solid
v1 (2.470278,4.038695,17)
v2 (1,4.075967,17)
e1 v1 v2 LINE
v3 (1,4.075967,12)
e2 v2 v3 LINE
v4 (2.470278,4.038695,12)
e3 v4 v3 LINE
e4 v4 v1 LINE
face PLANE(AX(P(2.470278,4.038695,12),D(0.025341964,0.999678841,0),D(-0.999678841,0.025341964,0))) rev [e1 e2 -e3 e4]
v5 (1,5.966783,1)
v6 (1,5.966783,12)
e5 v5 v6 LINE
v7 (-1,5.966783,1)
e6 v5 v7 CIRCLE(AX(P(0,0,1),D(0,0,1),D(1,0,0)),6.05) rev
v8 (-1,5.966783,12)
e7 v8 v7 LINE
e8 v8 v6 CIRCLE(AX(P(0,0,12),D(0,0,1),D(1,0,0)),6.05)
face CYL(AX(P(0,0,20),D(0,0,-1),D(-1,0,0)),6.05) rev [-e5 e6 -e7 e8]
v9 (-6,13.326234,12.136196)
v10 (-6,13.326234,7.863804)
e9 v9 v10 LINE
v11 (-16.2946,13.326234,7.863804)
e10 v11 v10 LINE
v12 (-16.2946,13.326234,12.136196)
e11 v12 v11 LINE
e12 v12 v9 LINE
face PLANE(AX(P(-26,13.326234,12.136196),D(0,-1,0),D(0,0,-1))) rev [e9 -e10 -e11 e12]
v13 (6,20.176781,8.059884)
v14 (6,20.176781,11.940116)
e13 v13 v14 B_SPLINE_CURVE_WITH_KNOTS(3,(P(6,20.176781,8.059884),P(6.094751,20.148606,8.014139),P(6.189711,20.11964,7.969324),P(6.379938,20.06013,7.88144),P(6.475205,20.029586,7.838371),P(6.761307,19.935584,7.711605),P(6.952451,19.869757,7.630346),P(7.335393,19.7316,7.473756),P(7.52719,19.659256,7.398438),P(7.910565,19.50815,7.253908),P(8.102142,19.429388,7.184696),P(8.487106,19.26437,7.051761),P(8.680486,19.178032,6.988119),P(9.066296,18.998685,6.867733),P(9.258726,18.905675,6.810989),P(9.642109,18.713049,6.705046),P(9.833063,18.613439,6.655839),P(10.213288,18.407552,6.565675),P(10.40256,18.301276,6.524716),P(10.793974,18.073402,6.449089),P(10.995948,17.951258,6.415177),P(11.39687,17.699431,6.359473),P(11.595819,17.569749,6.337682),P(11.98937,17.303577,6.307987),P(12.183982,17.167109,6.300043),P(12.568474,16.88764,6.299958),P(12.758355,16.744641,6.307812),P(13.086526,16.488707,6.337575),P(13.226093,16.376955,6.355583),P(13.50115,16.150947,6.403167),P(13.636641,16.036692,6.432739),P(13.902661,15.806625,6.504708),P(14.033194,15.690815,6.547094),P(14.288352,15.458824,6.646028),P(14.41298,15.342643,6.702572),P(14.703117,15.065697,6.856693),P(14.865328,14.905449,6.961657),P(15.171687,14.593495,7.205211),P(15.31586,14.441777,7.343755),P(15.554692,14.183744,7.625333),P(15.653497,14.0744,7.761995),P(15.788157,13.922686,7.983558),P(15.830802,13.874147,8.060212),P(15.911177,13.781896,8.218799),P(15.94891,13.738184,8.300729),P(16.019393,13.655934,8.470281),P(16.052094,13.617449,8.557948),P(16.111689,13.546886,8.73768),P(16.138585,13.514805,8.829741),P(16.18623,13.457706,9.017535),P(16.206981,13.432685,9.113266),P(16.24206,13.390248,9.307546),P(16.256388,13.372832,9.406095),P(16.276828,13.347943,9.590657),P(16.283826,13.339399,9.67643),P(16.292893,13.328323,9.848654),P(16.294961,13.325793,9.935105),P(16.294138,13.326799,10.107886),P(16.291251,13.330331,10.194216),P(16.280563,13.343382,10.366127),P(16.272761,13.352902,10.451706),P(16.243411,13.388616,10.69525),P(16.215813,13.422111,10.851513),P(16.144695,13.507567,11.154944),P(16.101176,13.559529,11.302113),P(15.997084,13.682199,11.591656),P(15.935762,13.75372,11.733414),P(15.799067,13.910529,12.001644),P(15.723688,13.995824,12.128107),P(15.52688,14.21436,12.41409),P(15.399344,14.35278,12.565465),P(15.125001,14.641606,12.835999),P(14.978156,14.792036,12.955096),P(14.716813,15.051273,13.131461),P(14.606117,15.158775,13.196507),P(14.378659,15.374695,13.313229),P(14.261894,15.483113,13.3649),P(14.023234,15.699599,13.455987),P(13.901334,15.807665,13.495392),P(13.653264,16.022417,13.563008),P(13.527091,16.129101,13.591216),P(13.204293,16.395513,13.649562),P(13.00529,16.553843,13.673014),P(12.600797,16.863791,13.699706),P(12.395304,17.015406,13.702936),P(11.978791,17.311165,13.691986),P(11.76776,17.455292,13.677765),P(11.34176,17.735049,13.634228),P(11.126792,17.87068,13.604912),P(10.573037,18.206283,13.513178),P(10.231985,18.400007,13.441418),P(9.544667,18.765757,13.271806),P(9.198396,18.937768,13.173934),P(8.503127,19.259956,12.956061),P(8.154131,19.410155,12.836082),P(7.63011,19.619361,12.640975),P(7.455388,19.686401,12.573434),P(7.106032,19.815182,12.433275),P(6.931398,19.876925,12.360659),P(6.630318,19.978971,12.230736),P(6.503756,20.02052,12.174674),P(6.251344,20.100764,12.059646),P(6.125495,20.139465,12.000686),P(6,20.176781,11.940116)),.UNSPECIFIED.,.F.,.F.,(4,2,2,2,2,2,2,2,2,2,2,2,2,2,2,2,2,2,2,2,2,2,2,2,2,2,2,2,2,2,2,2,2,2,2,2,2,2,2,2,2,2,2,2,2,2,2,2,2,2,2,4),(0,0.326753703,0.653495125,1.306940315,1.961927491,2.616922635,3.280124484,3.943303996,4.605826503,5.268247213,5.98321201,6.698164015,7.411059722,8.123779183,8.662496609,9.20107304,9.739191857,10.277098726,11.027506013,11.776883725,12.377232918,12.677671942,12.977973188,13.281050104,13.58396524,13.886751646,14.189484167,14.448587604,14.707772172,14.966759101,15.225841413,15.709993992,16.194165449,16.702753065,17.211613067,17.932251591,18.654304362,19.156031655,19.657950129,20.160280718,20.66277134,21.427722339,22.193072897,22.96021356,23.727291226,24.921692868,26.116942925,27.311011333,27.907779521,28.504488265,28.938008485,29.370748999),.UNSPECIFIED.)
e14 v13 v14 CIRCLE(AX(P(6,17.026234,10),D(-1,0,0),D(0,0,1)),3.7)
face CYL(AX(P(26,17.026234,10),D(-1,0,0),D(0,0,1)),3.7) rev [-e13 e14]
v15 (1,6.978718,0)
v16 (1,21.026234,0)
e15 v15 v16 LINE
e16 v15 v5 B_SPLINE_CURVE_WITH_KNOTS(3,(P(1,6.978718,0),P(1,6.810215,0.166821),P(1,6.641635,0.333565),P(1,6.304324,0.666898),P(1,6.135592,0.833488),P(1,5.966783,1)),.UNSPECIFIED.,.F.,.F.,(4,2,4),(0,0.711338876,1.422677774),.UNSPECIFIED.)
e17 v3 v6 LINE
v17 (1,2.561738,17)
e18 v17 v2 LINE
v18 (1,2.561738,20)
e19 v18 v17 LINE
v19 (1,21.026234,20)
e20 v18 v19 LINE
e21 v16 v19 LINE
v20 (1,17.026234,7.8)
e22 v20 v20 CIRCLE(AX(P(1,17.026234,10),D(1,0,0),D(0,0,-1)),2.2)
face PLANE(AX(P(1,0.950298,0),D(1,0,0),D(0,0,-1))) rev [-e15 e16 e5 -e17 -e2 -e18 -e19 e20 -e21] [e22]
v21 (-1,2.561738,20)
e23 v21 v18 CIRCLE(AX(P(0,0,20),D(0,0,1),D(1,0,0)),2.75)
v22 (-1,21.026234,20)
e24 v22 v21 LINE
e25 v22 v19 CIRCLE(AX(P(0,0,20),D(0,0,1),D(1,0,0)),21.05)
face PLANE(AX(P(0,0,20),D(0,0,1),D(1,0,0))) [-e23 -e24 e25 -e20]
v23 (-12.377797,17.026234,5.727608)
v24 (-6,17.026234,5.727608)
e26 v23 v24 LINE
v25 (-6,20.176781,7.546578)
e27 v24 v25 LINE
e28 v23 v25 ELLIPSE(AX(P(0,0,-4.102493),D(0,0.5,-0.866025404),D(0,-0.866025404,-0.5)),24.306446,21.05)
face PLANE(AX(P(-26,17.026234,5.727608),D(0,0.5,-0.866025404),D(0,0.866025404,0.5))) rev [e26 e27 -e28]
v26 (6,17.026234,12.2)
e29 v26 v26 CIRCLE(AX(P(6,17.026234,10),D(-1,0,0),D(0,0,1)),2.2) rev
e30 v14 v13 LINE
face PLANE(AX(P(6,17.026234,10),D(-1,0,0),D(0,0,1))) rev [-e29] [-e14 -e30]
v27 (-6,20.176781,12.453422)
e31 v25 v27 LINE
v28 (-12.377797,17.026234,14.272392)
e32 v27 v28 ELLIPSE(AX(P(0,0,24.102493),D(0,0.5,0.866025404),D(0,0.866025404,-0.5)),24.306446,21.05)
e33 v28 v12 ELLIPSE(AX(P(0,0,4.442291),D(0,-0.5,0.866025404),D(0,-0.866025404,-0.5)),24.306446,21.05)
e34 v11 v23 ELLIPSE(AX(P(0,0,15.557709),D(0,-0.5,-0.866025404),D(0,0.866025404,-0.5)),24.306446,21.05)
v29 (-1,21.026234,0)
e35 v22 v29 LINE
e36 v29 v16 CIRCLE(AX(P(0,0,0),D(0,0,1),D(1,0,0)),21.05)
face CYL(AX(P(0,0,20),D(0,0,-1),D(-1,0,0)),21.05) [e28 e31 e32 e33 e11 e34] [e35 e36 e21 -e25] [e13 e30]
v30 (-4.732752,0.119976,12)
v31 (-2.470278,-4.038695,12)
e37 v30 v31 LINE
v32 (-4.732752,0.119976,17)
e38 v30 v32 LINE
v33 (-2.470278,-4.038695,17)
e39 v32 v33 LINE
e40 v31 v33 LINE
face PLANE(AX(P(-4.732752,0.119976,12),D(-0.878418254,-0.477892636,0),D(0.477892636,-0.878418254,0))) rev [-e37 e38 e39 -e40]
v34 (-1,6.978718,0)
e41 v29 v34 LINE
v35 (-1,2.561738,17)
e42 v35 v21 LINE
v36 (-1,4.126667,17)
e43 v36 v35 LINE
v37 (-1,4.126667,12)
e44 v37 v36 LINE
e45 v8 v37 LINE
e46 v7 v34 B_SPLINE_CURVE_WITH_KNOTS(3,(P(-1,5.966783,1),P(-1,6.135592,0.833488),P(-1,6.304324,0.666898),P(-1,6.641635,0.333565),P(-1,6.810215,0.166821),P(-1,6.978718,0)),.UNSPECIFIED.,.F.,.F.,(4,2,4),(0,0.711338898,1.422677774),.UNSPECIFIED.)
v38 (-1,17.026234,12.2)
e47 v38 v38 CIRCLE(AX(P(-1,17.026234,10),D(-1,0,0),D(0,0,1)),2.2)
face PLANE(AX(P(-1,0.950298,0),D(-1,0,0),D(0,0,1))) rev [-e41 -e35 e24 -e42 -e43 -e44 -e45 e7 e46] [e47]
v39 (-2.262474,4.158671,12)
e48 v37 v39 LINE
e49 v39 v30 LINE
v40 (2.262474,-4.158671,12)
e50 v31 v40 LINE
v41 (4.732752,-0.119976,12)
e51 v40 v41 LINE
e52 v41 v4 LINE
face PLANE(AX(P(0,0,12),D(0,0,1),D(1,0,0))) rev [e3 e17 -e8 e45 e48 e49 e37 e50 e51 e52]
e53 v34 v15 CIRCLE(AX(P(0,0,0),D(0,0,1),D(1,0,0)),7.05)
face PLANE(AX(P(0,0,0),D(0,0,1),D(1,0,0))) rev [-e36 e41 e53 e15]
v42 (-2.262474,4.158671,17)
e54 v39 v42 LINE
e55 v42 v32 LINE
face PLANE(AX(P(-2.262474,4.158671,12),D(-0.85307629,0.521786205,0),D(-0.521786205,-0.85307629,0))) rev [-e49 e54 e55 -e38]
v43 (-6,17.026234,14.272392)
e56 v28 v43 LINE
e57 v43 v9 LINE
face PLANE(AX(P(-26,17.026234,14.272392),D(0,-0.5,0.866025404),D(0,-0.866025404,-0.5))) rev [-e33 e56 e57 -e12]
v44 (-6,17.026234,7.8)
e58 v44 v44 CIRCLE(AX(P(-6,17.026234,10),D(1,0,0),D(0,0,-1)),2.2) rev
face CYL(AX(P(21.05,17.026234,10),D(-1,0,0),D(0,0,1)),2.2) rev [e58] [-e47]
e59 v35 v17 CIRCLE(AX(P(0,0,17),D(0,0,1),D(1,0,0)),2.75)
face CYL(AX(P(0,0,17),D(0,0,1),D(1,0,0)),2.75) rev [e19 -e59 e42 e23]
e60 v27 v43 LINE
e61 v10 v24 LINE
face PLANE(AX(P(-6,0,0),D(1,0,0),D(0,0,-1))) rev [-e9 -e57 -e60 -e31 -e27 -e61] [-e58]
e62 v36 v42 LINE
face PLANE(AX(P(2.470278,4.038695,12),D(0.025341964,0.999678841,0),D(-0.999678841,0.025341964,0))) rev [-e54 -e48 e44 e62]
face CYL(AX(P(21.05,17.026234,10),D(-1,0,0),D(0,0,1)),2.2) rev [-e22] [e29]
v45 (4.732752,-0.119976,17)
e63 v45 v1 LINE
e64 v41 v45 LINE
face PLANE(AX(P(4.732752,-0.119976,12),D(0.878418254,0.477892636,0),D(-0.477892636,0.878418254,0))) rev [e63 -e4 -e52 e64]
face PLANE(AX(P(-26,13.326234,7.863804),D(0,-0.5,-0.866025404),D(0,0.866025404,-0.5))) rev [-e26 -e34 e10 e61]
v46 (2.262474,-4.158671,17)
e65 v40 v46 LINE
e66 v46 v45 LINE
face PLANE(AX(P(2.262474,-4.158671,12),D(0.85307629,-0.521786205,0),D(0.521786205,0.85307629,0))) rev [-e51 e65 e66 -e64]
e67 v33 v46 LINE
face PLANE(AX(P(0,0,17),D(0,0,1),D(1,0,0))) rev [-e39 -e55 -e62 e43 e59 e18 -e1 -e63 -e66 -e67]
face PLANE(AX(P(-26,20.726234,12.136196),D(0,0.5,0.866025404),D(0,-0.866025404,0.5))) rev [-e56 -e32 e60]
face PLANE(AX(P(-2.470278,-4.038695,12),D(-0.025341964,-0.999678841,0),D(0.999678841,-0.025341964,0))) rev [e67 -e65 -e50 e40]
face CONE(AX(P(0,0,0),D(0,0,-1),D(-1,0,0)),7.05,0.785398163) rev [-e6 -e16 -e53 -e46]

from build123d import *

# Parameters (mm, degrees)
SCHIZZO1_R                    = 21.05
SCHIZZO1_R_2                  = 6.05
ESTRUSIONE_ESTRUSIONE1_DEPTH  = 20
ESTRUSIONE_ESTRUSIONE2_START  = -8
SCHIZZO6_R                    = 6.05
ESTRUSIONE_ESTRUSIONE2_DEPTH  = 8
SCHIZZO8_R                    = 2.75
ESTRUSIONE_ESTRUSIONE3_DEPTH  = 3
SCHIZZO2_W                    = 2
SCHIZZO2_H                    = 24.903468066
TAGLIO_ESTRUSIONE1_DEPTH      = 20
TAGLIO_ESTRUSIONE2_DEPTH      = 37.459635215
TAGLIO_ESTRUSIONE2_DEPTH_BACK = 37.459635215
SCHIZZO3_R                    = 2.2
TAGLIO_ESTRUSIONE3_START      = -5
SCHIZZO4_R                    = 3.7
TAGLIO_ESTRUSIONE3_DEPTH      = 20
TAGLIO_ESTRUSIONE4_START      = -5
TAGLIO_ESTRUSIONE4_DEPTH      = 20
SMUSSO1_SIZE                  = 1


with BuildPart() as part:
    # Schizzo1 → Estrusione-Estrusione1 (new body)
    with BuildSketch(Plane.XY):
        Circle(SCHIZZO1_R)
        Circle(SCHIZZO1_R_2, mode=Mode.SUBTRACT)
    extrude(amount=ESTRUSIONE_ESTRUSIONE1_DEPTH)

    # Schizzo6 → Estrusione-Estrusione2 (add)
    with BuildSketch(Plane.XY.offset(20).offset(ESTRUSIONE_ESTRUSIONE2_START)):
        Circle(SCHIZZO6_R)
        Polygon((2.470277929, 4.03869537), (-2.262473824, 4.158671125), (-4.732751753, 0.119975756), (-2.470277929, -4.03869537), (2.262473824, -4.158671125), (4.732751753, -0.119975756), align=None, mode=Mode.SUBTRACT)
    extrude(amount=ESTRUSIONE_ESTRUSIONE2_DEPTH)

    # Schizzo8 → Estrusione-Estrusione3 (add)
    with BuildSketch(Plane.XY.offset(20)):
        Polygon((-2.262473824, 4.158671125), (-4.732751753, 0.119975756), (-2.470277929, -4.03869537), (2.262473824, -4.158671125), (4.732751753, -0.119975756), (2.470277929, 4.03869537), align=None)
        Circle(SCHIZZO8_R, mode=Mode.SUBTRACT)
    extrude(amount=-ESTRUSIONE_ESTRUSIONE3_DEPTH)

    # Schizzo2 → Taglio-Estrusione1 (cut)
    with BuildSketch(Plane.XY.offset(20)):
        with Locations((0, 13.402032425)):
            Rectangle(SCHIZZO2_W, SCHIZZO2_H)
    extrude(amount=-TAGLIO_ESTRUSIONE1_DEPTH, mode=Mode.SUBTRACT)

    # Schizzo3 → Taglio-Estrusione2 (cut, two sides: drawn at the far end of the back side and taken through both)
    with BuildSketch(Plane.ZY.offset(-1).offset(-TAGLIO_ESTRUSIONE2_DEPTH_BACK)):
        with Locations((10, 17.026233614)):
            Circle(SCHIZZO3_R)
    extrude(amount=TAGLIO_ESTRUSIONE2_DEPTH + TAGLIO_ESTRUSIONE2_DEPTH_BACK, mode=Mode.SUBTRACT)

    # Schizzo4 → Taglio-Estrusione3 (cut)
    with BuildSketch(Plane.ZY.offset(-1).offset(TAGLIO_ESTRUSIONE3_START)):
        with Locations((10, 17.026233614)):
            Circle(SCHIZZO4_R)
    extrude(amount=-TAGLIO_ESTRUSIONE3_DEPTH, mode=Mode.SUBTRACT)

    # Schizzo5 → Taglio-Estrusione4 (cut)
    with BuildSketch(Plane(origin=(-1, 0, 0), x_dir=(0, 0, -1), z_dir=(1, 0, 0)).offset(TAGLIO_ESTRUSIONE4_START)):
        Polygon((-7.863804004, 20.726233614), (-12.136195996, 20.726233614), (-14.272391992, 17.026233614), (-12.136195996, 13.326233614), (-7.863804004, 13.326233614), (-5.727608008, 17.026233614), align=None)
    extrude(amount=-TAGLIO_ESTRUSIONE4_DEPTH, mode=Mode.SUBTRACT)

    # Smusso1
    smusso1_edges = [part.edges().sort_by_distance(p)[0] for p in [
        (0, -6.05, 0),
    ]]
    chamfer(smusso1_edges, length=SMUSSO1_SIZE)


solid = part.part
